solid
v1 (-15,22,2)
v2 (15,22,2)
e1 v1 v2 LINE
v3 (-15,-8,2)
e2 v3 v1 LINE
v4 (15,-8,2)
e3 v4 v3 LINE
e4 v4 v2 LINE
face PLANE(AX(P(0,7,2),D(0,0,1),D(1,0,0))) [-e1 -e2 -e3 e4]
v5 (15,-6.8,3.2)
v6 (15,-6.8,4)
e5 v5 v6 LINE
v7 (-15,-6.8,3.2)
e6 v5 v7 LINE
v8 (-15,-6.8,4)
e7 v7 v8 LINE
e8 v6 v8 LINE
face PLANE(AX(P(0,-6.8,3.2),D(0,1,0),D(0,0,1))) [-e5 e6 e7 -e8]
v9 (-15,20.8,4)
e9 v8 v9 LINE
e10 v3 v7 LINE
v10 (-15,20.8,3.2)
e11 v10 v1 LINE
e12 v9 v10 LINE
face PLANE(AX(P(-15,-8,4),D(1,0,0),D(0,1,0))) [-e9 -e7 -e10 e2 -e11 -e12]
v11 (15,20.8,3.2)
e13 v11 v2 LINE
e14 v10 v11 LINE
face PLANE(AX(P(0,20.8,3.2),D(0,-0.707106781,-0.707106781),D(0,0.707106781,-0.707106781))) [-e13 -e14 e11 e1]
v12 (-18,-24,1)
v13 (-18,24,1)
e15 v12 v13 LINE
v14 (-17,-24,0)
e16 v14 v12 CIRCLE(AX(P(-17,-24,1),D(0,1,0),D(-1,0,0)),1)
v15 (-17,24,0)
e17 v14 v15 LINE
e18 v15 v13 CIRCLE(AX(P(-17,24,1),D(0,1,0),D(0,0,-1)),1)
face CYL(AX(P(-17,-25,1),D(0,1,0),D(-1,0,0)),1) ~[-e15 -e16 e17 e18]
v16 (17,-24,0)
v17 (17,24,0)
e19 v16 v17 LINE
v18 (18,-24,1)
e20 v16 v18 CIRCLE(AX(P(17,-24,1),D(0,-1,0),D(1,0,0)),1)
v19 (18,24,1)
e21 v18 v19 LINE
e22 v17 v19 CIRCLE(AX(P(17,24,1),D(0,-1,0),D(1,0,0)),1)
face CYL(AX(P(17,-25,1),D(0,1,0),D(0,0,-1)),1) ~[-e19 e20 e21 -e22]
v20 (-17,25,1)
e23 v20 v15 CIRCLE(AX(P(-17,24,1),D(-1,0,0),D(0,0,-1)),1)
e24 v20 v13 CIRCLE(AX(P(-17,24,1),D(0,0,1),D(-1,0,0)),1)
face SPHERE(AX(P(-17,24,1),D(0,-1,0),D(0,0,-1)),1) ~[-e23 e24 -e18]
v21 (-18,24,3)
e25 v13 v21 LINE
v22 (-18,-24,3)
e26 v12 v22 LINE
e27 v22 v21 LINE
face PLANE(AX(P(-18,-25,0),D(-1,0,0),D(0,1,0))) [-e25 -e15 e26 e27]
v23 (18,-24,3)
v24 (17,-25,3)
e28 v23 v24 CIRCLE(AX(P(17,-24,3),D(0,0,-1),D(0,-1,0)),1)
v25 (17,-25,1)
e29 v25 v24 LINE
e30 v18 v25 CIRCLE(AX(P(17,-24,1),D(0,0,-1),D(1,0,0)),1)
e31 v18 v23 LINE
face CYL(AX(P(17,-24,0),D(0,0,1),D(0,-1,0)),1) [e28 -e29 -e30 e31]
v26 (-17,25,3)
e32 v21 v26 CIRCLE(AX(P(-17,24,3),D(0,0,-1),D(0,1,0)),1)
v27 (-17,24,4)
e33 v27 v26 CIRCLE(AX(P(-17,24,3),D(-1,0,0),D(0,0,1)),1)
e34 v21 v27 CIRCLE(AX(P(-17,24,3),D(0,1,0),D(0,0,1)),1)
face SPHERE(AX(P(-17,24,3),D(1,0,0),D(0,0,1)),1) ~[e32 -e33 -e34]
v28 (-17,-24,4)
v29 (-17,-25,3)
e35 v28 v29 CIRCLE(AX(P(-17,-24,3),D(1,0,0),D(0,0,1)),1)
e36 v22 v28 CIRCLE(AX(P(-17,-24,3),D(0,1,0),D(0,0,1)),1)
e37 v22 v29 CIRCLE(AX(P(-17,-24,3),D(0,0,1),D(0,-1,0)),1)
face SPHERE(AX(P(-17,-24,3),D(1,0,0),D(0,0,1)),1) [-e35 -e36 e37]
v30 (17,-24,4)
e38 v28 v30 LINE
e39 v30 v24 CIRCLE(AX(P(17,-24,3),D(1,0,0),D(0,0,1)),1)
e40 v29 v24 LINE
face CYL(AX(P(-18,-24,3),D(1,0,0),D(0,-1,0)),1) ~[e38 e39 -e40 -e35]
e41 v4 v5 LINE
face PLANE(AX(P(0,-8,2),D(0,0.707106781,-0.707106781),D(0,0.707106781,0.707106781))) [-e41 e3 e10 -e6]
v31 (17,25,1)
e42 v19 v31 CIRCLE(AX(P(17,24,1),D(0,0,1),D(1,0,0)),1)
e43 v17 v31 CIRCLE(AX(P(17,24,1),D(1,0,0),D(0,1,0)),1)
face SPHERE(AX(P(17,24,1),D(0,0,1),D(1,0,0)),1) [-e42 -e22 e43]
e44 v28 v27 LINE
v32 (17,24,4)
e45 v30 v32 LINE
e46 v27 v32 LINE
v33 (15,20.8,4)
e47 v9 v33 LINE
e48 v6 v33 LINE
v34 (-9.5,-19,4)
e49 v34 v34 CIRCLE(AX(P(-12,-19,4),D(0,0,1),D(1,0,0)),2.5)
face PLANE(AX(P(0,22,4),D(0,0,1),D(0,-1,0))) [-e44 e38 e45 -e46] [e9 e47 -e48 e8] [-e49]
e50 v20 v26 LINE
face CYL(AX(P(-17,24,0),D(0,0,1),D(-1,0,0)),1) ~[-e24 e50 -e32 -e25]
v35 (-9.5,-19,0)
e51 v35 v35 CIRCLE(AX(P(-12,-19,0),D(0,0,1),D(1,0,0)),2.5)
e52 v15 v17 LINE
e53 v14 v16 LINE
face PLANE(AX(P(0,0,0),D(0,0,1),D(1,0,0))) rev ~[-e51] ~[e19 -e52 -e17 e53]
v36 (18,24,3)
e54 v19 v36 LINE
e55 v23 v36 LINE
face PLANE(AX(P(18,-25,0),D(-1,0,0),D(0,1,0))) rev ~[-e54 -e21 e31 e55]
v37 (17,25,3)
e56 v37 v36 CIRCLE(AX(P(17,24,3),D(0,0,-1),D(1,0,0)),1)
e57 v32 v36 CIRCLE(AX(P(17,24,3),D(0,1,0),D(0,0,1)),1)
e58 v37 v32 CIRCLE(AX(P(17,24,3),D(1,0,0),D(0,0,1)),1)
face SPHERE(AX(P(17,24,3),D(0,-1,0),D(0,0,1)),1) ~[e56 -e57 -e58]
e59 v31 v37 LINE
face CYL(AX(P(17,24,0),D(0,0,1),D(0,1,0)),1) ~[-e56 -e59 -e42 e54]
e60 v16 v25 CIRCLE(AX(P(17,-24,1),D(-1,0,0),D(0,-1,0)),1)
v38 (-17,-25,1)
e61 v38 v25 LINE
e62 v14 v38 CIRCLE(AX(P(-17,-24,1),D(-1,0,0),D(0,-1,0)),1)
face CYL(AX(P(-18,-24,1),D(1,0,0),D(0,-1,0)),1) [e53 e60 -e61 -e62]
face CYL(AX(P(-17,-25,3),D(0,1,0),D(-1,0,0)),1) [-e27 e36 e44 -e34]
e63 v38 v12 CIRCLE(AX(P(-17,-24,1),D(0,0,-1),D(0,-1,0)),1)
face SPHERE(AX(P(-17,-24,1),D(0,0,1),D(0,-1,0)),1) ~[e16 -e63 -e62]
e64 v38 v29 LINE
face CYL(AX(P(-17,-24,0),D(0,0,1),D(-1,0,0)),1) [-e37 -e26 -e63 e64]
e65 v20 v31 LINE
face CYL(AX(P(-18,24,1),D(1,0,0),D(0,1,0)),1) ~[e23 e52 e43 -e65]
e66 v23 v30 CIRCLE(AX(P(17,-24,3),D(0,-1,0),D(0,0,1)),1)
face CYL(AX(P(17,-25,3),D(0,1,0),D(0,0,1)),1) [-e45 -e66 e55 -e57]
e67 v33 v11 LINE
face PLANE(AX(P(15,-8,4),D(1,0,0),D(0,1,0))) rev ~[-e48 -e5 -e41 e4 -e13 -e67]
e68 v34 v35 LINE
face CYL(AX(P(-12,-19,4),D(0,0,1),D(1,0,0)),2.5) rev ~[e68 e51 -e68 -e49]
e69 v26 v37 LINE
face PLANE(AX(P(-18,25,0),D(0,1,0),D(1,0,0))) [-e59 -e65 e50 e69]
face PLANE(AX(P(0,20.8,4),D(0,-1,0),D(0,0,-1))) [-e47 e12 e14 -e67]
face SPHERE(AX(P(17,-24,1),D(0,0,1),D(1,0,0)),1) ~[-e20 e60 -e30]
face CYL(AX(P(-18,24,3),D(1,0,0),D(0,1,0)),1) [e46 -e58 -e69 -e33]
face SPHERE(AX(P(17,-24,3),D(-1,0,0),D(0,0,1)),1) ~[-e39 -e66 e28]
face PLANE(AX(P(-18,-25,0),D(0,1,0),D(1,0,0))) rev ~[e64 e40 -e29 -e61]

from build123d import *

# Parameters (mm, degrees)
F0_W          = 36
F0_H          = 50
F1_DEPTH      = 4
F2_W          = 30
F2_H          = 30
F3_DEPTH      = 2
F4_R          = 1
F6_DEPTH      = 15
F6_DEPTH_BACK = 15
F8_DEPTH      = 15
F8_DEPTH_BACK = 15
F9_R          = 2.5
F10_DEPTH     = 4.001


with BuildPart() as f1:
    # F0 (on Top) → F1 (new body)
    with BuildSketch(Plane.XY):
        Rectangle(F0_W, F0_H)
    extrude(amount=F1_DEPTH)

    # F2 (on face) → F3 (cut)
    with BuildSketch(Plane.XY.offset(4)):
        with Locations((0, 7)):
            Rectangle(F2_W, F2_H)
    extrude(amount=-F3_DEPTH, mode=Mode.SUBTRACT)

    # F4
    f4_edges = [f1.edges().sort_by_distance(p)[0] for p in [
        (0, -25, 4),
        (18, 0, 4),
        (0, 25, 4),
        (-18, 0, 4),
        (18, -25, 2),
        (-18, -25, 2),
        (18, 25, 2),
        (18, 0, 0),
        (0, -25, 0),
        (-18, 0, 0),
        (0, 25, 0),
        (-18, 25, 2),
    ]]
    fillet(f4_edges, radius=F4_R)

    # F5 (on Right) → F6 (join, two sides)
    with BuildSketch(Plane.YZ) as f6_sk:
        Polygon((-6.8, 4), (-8, 4), (-8, 2), (-6.8, 3.2), align=None)
    extrude(amount=F6_DEPTH)
    extrude(f6_sk.sketch, amount=-F6_DEPTH_BACK)

    # F7 (on Right) → F8 (join, two sides)
    with BuildSketch(Plane.YZ) as f8_sk:
        Polygon((22, 2), (22, 4), (20.8, 4), (20.8, 3.2), align=None)
    extrude(amount=F8_DEPTH)
    extrude(f8_sk.sketch, amount=-F8_DEPTH_BACK)

    # F9 (on face) → F10 (cut, through all)
    with BuildSketch(Plane.XY.offset(4)):
        with Locations((-12, -19)):
            Circle(F9_R)
    extrude(amount=-F10_DEPTH, mode=Mode.SUBTRACT)


solid = f1.part
